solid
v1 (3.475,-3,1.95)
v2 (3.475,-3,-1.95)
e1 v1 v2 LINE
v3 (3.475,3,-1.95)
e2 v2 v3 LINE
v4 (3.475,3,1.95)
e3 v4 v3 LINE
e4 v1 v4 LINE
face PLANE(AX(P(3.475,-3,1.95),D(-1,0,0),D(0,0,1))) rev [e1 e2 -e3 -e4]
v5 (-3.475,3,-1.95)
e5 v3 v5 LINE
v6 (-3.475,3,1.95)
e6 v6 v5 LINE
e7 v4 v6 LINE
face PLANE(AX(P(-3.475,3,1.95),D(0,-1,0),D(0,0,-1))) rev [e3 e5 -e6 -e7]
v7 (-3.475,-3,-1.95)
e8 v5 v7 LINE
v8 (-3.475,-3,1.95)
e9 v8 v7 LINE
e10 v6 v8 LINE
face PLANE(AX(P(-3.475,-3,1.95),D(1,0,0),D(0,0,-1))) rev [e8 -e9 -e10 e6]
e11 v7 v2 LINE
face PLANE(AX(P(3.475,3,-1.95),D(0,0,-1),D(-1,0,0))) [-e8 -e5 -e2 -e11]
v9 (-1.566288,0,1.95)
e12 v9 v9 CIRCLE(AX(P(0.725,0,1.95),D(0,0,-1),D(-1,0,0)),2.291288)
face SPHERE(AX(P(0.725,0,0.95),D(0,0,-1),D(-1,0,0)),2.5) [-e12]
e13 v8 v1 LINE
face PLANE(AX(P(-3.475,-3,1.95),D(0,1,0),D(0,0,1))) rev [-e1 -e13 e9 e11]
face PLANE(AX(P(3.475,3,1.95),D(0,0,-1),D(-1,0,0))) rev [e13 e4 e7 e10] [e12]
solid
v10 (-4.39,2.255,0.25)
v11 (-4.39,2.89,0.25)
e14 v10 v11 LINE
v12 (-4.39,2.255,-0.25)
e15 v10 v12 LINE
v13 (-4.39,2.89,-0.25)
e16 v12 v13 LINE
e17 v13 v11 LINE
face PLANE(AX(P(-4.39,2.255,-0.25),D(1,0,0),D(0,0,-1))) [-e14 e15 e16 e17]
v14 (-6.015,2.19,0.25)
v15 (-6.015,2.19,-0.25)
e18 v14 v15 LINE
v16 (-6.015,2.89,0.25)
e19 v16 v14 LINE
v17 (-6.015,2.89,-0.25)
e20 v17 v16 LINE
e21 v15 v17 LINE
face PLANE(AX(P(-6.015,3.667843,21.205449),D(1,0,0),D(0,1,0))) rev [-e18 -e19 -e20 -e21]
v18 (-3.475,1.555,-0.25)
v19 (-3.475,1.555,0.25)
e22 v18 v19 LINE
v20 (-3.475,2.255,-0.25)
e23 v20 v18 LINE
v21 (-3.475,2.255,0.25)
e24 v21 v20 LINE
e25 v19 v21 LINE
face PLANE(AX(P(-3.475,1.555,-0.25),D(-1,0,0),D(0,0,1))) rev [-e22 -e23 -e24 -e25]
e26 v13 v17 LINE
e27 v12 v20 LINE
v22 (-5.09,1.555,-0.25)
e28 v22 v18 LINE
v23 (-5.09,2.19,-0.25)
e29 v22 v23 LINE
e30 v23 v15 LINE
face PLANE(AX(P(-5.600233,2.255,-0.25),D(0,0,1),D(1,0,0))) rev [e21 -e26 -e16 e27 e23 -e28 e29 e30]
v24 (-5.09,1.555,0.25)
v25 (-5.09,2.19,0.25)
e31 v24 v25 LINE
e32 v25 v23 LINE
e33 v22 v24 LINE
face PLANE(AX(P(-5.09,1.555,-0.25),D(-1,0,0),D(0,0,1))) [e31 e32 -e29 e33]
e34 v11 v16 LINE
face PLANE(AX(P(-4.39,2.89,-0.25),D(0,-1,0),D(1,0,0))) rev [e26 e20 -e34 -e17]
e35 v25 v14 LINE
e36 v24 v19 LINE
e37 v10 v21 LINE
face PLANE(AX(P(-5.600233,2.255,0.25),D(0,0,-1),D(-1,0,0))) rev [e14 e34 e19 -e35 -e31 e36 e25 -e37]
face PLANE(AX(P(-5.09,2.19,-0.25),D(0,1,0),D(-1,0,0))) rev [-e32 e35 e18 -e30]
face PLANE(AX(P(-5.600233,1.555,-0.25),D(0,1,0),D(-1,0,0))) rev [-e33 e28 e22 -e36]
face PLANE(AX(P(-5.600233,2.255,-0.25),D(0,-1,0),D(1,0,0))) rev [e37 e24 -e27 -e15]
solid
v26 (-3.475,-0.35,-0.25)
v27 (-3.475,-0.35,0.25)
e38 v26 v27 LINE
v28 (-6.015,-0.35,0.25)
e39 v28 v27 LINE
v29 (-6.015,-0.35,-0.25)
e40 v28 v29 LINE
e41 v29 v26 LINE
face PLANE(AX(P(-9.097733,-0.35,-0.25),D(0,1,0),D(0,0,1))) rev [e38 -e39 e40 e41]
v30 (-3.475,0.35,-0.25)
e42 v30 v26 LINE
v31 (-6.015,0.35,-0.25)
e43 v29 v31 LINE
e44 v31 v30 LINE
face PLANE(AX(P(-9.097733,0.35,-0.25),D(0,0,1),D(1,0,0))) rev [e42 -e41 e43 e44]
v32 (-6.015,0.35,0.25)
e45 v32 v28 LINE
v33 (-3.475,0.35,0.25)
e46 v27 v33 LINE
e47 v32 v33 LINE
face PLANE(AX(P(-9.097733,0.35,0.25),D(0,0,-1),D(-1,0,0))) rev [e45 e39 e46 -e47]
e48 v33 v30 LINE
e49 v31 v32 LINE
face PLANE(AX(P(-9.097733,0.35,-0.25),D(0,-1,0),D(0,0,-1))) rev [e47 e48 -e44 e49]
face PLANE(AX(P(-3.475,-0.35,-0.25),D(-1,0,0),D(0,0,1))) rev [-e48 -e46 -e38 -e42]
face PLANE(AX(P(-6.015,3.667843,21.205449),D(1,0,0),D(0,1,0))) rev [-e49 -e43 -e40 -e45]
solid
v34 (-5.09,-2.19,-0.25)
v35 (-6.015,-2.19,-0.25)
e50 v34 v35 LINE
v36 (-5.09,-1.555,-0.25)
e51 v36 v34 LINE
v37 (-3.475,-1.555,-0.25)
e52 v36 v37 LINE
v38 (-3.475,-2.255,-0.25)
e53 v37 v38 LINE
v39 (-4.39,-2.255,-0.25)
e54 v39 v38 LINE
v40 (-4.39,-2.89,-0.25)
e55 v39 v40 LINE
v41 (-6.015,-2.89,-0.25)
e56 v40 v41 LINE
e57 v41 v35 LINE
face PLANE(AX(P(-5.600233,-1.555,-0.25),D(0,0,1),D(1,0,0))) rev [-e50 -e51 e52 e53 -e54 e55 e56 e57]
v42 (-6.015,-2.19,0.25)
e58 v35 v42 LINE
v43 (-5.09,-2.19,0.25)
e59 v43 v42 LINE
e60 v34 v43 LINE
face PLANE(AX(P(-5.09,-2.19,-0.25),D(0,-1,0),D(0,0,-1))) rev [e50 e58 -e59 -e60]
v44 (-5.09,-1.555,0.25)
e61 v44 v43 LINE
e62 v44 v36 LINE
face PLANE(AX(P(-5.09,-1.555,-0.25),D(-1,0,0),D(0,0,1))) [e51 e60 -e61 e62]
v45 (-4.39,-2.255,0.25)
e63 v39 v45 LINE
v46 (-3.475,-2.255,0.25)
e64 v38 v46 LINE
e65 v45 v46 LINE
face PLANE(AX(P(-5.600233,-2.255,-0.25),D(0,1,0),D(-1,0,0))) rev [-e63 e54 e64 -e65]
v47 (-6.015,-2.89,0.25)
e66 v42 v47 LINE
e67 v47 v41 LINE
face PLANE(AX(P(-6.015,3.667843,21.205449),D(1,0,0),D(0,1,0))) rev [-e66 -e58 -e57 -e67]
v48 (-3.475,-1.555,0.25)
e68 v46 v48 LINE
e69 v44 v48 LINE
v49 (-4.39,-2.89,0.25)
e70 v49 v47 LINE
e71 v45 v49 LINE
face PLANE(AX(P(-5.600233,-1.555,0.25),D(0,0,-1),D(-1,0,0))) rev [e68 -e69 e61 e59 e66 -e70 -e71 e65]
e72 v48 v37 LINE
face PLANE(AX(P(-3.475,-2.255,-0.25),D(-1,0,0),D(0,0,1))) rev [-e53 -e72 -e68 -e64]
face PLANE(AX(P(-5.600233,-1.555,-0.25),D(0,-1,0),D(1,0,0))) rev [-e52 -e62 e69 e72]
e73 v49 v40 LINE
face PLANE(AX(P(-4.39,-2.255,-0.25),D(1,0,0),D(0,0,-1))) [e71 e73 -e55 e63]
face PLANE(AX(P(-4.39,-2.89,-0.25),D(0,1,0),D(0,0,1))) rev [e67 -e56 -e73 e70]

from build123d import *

# Parameters (mm, degrees)
SKETCH1_W               = 6.95
SKETCH1_H               = 6
BOSS_EXTRUDE1_DEPTH     = 1.95
SKETCH6_W               = 0.5
SKETCH6_H               = 0.7
SKETCH7_W               = 0.5
SKETCH7_H               = 0.7
BOSS_EXTRUDE3_DEPTH     = 4.7625
SKETCH8_W               = 0.5
SKETCH8_H               = 0.7
SKETCH11_W              = 0.5
SKETCH11_H              = 0.7
BOSS_EXTRUDE4_DEPTH     = 2.54
CUT_EXTRUDE1_DEPTH      = 4.2
CUT_EXTRUDE1_DEPTH_BACK = 4.04


with BuildPart() as part:
    # Sketch1 → Boss-Extrude1 (new body, symmetric)
    with BuildSketch(Plane.XY):
        Rectangle(SKETCH1_W, SKETCH1_H)
    extrude(amount=BOSS_EXTRUDE1_DEPTH, both=True)

    # Sketch4 → Revolve6 (revolve)
    with BuildSketch(Plane(origin=(0, 0, 0), x_dir=(1, 0, 0), z_dir=(0, 1, 0))):
        with BuildLine():
            Line((-1.566287847, -1.95), (0.725, -1.95))
            Line((0.725, -1.95), (0.725, -3.45))
            ThreePointArc((0.725, -3.45), (-0.644306394, -3.041650066), (-1.566287847, -1.95))
        make_face()
    revolve(axis=Axis((0.725, 0, 1.95), (0, 0, 1)))


with BuildPart() as body_2:
    # Sweep2: sweep along a path in Sketch5
    with BuildLine(Plane.XY) as sweep2_path:
        Line((-3.475, 1.905), (-4.74, 1.905))
        Line((-4.74, 1.905), (-4.74, 2.54))
        Line((-4.74, 2.54), (-8.2375, 2.54))
    # Sketch6 → Sweep2 (sweep)
    with BuildSketch(Plane.ZY.offset(3.475)):
        with Locations((0, 1.905)):
            Rectangle(SKETCH6_W, SKETCH6_H)
    sweep(path=sweep2_path.line, transition=Transition.RIGHT)



with BuildPart() as body_3:
    # Sketch7 → Boss-Extrude3 (new body)
    with BuildSketch(Plane.ZY.offset(3.475)):
        Rectangle(SKETCH7_W, SKETCH7_H)
    extrude(amount=BOSS_EXTRUDE3_DEPTH)


with BuildPart() as body_4:
    # Sweep3: sweep along a path in Sketch10
    with BuildLine(Plane.XY) as sweep3_path:
        Line((-3.475, -1.905), (-4.74, -1.905))
        Line((-4.74, -1.905), (-4.74, -2.54))
        Line((-4.74, -2.54), (-8.2375, -2.54))
    # Sketch8 → Sweep3 (sweep)
    with BuildSketch(Plane.ZY.offset(3.475)):
        with Locations((0, -1.905)):
            Rectangle(SKETCH8_W, SKETCH8_H)
    sweep(path=sweep3_path.line, transition=Transition.RIGHT)


with BuildPart() as body_2_1:
    add(body_2.part)

    add(body_3.part)  # Boss-Extrude4 merges body 3

    add(body_4.part)  # Boss-Extrude4 merges body 4
    # Sketch11 → Boss-Extrude4 (add)
    with BuildSketch(Plane(origin=(0, 0, -0.25), x_dir=(-1, 0, 0), z_dir=(0, 0, -1))):
        with Locations((7.9875, 2.54)):
            Rectangle(SKETCH11_W, SKETCH11_H)
        with Locations((7.9875, 0)):
            Rectangle(SKETCH11_W, SKETCH11_H)
        with Locations((7.9875, -2.54)):
            Rectangle(SKETCH11_W, SKETCH11_H)
    extrude(amount=BOSS_EXTRUDE4_DEPTH)

    # Sketch12 → Cut-Extrude1 (cut, two sides)
    with BuildSketch(Plane.XY.offset(0.25)) as cut_extrude1_sk:
        Polygon((-6.015, 36.864414321), (-6.015, 3.667843), (-6.015, -3.251211746), (-6.015, -36.447783067), (-72.408142643, -36.447783067), (-72.408142643, 36.864414321), align=None)
    extrude(amount=CUT_EXTRUDE1_DEPTH, mode=Mode.SUBTRACT)
    extrude(cut_extrude1_sk.sketch, amount=-CUT_EXTRUDE1_DEPTH_BACK, mode=Mode.SUBTRACT)


solid = Compound([part.part, body_2_1.part])
